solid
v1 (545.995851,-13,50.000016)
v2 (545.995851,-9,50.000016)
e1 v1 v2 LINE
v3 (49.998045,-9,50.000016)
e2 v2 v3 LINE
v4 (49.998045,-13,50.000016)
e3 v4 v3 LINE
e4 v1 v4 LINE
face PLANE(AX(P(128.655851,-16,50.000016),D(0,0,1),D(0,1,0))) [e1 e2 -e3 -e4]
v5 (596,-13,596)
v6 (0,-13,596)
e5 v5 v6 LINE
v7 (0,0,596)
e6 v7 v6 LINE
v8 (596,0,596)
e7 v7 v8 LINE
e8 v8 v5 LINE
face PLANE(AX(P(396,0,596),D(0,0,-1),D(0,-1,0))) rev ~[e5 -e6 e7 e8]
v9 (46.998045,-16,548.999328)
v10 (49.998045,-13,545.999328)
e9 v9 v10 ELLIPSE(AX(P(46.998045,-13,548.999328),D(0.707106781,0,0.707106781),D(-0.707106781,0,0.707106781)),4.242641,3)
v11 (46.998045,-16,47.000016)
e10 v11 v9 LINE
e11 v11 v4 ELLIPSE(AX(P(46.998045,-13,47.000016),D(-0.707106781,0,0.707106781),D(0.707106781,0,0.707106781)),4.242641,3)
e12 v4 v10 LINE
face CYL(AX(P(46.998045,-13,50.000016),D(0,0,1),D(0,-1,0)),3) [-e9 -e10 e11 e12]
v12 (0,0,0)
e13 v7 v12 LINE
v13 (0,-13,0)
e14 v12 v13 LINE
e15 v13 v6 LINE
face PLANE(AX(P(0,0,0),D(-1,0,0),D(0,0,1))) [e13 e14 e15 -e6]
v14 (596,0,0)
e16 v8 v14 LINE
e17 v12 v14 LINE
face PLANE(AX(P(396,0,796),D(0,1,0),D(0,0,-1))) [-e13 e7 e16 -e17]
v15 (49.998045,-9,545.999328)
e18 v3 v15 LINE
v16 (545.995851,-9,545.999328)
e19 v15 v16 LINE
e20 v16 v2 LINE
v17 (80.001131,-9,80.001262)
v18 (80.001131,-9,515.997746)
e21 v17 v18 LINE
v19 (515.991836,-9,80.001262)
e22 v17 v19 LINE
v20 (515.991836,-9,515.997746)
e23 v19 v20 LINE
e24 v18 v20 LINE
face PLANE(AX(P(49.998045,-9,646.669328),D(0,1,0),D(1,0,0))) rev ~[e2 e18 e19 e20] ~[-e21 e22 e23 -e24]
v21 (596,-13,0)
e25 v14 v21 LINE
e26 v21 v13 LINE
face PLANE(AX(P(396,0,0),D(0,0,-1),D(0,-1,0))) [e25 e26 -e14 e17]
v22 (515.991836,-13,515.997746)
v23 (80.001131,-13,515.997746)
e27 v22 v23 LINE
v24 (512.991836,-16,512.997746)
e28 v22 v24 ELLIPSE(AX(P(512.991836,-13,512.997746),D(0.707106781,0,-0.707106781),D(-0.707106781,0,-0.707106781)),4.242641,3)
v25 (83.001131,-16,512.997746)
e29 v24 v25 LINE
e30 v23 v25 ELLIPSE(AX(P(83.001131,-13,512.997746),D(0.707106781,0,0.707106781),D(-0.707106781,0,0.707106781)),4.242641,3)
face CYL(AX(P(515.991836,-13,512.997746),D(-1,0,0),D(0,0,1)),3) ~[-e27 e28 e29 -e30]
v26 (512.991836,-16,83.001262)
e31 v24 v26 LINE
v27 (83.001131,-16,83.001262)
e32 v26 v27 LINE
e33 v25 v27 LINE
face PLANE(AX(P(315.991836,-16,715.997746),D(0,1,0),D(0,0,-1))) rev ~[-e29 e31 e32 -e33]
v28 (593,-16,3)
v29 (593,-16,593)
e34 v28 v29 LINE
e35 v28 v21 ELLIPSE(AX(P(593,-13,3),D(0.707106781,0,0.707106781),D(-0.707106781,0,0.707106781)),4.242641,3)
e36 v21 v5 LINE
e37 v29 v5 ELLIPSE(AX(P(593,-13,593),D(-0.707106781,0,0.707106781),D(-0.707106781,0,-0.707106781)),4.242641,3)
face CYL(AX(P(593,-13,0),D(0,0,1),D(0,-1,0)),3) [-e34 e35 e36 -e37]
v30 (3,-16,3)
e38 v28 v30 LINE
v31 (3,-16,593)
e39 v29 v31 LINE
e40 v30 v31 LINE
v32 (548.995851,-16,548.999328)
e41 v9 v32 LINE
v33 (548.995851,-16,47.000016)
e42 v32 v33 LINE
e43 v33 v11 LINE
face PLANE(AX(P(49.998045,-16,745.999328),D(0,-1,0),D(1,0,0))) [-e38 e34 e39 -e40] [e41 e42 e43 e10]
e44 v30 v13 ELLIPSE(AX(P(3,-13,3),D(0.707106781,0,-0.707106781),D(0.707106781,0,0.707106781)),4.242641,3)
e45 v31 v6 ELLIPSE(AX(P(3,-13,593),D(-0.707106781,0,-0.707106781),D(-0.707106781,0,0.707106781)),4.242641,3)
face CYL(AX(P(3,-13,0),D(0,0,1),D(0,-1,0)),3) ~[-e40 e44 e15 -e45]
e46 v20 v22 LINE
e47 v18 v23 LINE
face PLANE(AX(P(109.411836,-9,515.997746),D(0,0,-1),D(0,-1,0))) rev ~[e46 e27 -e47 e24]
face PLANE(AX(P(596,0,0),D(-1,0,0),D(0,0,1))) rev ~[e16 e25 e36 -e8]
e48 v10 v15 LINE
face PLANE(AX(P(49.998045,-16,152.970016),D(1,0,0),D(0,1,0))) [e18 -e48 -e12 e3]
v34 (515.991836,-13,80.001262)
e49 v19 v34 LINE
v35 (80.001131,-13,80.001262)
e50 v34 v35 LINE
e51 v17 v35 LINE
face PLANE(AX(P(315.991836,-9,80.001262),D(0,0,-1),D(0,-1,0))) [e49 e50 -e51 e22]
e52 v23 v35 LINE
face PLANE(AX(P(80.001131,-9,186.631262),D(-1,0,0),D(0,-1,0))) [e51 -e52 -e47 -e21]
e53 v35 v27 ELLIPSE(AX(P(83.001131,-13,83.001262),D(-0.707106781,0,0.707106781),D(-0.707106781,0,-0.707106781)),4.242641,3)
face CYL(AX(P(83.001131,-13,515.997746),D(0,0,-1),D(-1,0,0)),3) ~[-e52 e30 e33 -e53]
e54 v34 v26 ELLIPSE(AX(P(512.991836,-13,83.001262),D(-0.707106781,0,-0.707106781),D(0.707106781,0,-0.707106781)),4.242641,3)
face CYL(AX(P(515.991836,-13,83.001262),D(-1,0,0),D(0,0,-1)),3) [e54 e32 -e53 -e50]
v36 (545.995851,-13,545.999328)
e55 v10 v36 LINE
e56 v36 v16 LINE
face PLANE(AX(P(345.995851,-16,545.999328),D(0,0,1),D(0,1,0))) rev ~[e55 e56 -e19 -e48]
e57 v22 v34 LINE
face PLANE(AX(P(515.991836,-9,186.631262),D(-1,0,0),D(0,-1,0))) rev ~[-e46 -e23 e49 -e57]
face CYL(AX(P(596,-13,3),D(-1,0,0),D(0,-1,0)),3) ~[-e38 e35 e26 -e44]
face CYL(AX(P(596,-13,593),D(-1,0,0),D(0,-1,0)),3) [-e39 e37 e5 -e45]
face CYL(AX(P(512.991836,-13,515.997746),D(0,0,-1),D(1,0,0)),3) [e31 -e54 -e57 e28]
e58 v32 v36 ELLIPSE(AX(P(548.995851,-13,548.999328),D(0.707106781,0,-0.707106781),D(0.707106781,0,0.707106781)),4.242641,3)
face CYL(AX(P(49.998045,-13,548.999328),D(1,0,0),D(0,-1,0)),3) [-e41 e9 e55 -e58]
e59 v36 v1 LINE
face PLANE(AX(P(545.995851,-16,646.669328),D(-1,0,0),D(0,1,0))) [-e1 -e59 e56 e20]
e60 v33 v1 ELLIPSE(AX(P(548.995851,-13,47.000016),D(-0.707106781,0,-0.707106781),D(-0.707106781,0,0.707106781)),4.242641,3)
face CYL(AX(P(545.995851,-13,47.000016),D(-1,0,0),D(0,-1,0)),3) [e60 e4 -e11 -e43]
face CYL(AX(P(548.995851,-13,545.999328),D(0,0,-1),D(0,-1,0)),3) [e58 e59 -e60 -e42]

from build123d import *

# Parameters (mm, degrees)
F0_W      = 44.656470418
F0_H      = 33.8078811765
F1_DEPTH  = 16
F2_DEPTH  = 796
F3_DEPTH  = 196
F4_W      = 68.9578056335
F4_H      = 493.6993122101
F5_DEPTH  = 7
F6_DEPTH  = 9.7
F7_DEPTH  = 99.33
F8_DEPTH  = 99.33
F9_DEPTH  = 17.34
F10_DEPTH = 102.97
F11_W     = 35.2807044983
F11_H     = 492.0964837074
F12_DEPTH = 7
F13_DEPTH = 37.27
F14_DEPTH = 6.58
F15_DEPTH = 106.63
F16_DEPTH = 5.87
F17_DEPTH = 200
F18_DEPTH = 200
F19_DEPTH = 200
F20_DEPTH = 200
F21_DEPTH = 200
F22_DEPTH = 200
F23_DEPTH = 200
F24_DEPTH = 200
F25_DEPTH = 200
F26_R     = 3


with BuildPart() as f1:
    # F0 (on Front) → F1 (new body)
    with BuildSketch(Plane.XZ):
        with Locations((22.328235209, 16.9039405882)):
            Rectangle(F0_W, F0_H)
    extrude(amount=F1_DEPTH)

    # F2 (add): a face of the model
    f2_faces = [f1.faces().sort_by_distance(p)[0] for p in [
        (22.328235209, -8, 0),
    ]]
    extrude(f2_faces, amount=-F2_DEPTH)

    # F3 (add): a face of the model
    f3_faces = [f1.faces().sort_by_distance(p)[0] for p in [
        (0, -8, 398),
    ]]
    extrude(f3_faces, amount=-F3_DEPTH)

    # F4 (on face) → F5 (cut)
    with BuildSketch(Plane.XZ.offset(16)):
        with Locations((94.1769480705, 399.8196721077)):
            Rectangle(F4_W, F4_H)
    extrude(amount=-F5_DEPTH, mode=Mode.SUBTRACT)

    # F6 (cut): a face of the model
    f6_faces = [f1.faces().sort_by_distance(p)[0] for p in [
        (59.6980452538, -12.5, 399.8196721077),
    ]]
    extrude(f6_faces, amount=-F6_DEPTH, mode=Mode.SUBTRACT)

    # F7 (add): a face of the model
    f7_faces = [f1.faces().sort_by_distance(p)[0] for p in [
        (89.3269480705, -12.5, 646.6693282127),
    ]]
    extrude(f7_faces, amount=-F7_DEPTH)

    # F8 (cut): a face of the model
    f8_faces = [f1.faces().sort_by_distance(p)[0] for p in [
        (89.3269480705, -12.5, 646.6693282127),
    ]]
    extrude(f8_faces, amount=-F8_DEPTH, mode=Mode.SUBTRACT)

    # F9 (cut): a face of the model
    f9_faces = [f1.faces().sort_by_distance(p)[0] for p in [
        (128.6558508873, -12.5, 449.4846721077),
    ]]
    extrude(f9_faces, amount=-F9_DEPTH, mode=Mode.SUBTRACT)

    # F10 (cut): a face of the model
    f10_faces = [f1.faces().sort_by_distance(p)[0] for p in [
        (97.9969480705, -12.5, 152.9700160027),
    ]]
    extrude(f10_faces, amount=-F10_DEPTH, mode=Mode.SUBTRACT)

    # F11 (on face) → F12 (join)
    with BuildSketch(Plane.XZ.offset(9)):
        with Locations((91.7714834213, 432.6795041561)):
            Rectangle(F11_W, F11_H)
    extrude(amount=F12_DEPTH)

    # F13 (add): a face of the model
    f13_faces = [f1.faces().sort_by_distance(p)[0] for p in [
        (91.7714834213, -12.5, 678.7277460098),
    ]]
    extrude(f13_faces, amount=F13_DEPTH)

    # F14 (add): a face of the model
    f14_faces = [f1.faces().sort_by_distance(p)[0] for p in [
        (109.4118356705, -12.5, 451.3145041561),
    ]]
    extrude(f14_faces, amount=F14_DEPTH)

    # F15 (add): a face of the model
    f15_faces = [f1.faces().sort_by_distance(p)[0] for p in [
        (95.0614834213, -12.5, 186.6312623024),
    ]]
    extrude(f15_faces, amount=F15_DEPTH)

    # F16 (cut): a face of the model
    f16_faces = [f1.faces().sort_by_distance(p)[0] for p in [
        (74.1311311722, -12.5, 397.9995041561),
    ]]
    extrude(f16_faces, amount=-F16_DEPTH, mode=Mode.SUBTRACT)

    # F17 (add): a face of the model
    f17_faces = [f1.faces().sort_by_distance(p)[0] for p in [
        (196, -8, 398),
    ]]
    extrude(f17_faces, amount=F17_DEPTH)

    # F18 (cut): a face of the model
    f18_faces = [f1.faces().sort_by_distance(p)[0] for p in [
        (145.9958508873, -12.5, 397.9996721077),
    ]]
    extrude(f18_faces, amount=-F18_DEPTH, mode=Mode.SUBTRACT)

    # F19 (add): a face of the model
    f19_faces = [f1.faces().sort_by_distance(p)[0] for p in [
        (115.9918356705, -12.5, 397.9995041561),
    ]]
    extrude(f19_faces, amount=F19_DEPTH)

    # F20 (add): a face of the model
    f20_faces = [f1.faces().sort_by_distance(p)[0] for p in [
        (396, -8, 398),
    ]]
    extrude(f20_faces, amount=F20_DEPTH)

    # F21 (cut): a face of the model
    f21_faces = [f1.faces().sort_by_distance(p)[0] for p in [
        (345.9958508873, -12.5, 397.9996721077),
    ]]
    extrude(f21_faces, amount=-F21_DEPTH, mode=Mode.SUBTRACT)

    # F22 (add): a face of the model
    f22_faces = [f1.faces().sort_by_distance(p)[0] for p in [
        (315.9918356705, -12.5, 397.9995041561),
    ]]
    extrude(f22_faces, amount=F22_DEPTH)

    # F23 (cut): a face of the model
    f23_faces = [f1.faces().sort_by_distance(p)[0] for p in [
        (297.9964834213, -12.5, 715.9977460098),
    ]]
    extrude(f23_faces, amount=-F23_DEPTH, mode=Mode.SUBTRACT)

    # F24 (add): a face of the model
    f24_faces = [f1.faces().sort_by_distance(p)[0] for p in [
        (297.9969480705, -12.5, 745.9993282127),
    ]]
    extrude(f24_faces, amount=F24_DEPTH)

    # F25 (cut): a face of the model
    f25_faces = [f1.faces().sort_by_distance(p)[0] for p in [
        (298, -8, 796),
    ]]
    extrude(f25_faces, amount=-F25_DEPTH, mode=Mode.SUBTRACT)

    # F26
    f26_edges = [f1.edges().sort_by_distance(p)[0] for p in [
        (0, -16, 298),
        (298, -16, 596),
        (596, -16, 298),
        (298, -16, 0),
        (49.998045, -16, 297.999672),
        (297.996948, -16, 50.000016),
        (297.996948, -16, 545.999328),
        (545.995851, -16, 297.999672),
        (297.996483, -16, 515.997746),
        (515.991836, -16, 297.999504),
        (297.996483, -16, 80.001262),
        (80.001131, -16, 297.999504),
    ]]
    fillet(f26_edges, radius=F26_R)


solid = f1.part
